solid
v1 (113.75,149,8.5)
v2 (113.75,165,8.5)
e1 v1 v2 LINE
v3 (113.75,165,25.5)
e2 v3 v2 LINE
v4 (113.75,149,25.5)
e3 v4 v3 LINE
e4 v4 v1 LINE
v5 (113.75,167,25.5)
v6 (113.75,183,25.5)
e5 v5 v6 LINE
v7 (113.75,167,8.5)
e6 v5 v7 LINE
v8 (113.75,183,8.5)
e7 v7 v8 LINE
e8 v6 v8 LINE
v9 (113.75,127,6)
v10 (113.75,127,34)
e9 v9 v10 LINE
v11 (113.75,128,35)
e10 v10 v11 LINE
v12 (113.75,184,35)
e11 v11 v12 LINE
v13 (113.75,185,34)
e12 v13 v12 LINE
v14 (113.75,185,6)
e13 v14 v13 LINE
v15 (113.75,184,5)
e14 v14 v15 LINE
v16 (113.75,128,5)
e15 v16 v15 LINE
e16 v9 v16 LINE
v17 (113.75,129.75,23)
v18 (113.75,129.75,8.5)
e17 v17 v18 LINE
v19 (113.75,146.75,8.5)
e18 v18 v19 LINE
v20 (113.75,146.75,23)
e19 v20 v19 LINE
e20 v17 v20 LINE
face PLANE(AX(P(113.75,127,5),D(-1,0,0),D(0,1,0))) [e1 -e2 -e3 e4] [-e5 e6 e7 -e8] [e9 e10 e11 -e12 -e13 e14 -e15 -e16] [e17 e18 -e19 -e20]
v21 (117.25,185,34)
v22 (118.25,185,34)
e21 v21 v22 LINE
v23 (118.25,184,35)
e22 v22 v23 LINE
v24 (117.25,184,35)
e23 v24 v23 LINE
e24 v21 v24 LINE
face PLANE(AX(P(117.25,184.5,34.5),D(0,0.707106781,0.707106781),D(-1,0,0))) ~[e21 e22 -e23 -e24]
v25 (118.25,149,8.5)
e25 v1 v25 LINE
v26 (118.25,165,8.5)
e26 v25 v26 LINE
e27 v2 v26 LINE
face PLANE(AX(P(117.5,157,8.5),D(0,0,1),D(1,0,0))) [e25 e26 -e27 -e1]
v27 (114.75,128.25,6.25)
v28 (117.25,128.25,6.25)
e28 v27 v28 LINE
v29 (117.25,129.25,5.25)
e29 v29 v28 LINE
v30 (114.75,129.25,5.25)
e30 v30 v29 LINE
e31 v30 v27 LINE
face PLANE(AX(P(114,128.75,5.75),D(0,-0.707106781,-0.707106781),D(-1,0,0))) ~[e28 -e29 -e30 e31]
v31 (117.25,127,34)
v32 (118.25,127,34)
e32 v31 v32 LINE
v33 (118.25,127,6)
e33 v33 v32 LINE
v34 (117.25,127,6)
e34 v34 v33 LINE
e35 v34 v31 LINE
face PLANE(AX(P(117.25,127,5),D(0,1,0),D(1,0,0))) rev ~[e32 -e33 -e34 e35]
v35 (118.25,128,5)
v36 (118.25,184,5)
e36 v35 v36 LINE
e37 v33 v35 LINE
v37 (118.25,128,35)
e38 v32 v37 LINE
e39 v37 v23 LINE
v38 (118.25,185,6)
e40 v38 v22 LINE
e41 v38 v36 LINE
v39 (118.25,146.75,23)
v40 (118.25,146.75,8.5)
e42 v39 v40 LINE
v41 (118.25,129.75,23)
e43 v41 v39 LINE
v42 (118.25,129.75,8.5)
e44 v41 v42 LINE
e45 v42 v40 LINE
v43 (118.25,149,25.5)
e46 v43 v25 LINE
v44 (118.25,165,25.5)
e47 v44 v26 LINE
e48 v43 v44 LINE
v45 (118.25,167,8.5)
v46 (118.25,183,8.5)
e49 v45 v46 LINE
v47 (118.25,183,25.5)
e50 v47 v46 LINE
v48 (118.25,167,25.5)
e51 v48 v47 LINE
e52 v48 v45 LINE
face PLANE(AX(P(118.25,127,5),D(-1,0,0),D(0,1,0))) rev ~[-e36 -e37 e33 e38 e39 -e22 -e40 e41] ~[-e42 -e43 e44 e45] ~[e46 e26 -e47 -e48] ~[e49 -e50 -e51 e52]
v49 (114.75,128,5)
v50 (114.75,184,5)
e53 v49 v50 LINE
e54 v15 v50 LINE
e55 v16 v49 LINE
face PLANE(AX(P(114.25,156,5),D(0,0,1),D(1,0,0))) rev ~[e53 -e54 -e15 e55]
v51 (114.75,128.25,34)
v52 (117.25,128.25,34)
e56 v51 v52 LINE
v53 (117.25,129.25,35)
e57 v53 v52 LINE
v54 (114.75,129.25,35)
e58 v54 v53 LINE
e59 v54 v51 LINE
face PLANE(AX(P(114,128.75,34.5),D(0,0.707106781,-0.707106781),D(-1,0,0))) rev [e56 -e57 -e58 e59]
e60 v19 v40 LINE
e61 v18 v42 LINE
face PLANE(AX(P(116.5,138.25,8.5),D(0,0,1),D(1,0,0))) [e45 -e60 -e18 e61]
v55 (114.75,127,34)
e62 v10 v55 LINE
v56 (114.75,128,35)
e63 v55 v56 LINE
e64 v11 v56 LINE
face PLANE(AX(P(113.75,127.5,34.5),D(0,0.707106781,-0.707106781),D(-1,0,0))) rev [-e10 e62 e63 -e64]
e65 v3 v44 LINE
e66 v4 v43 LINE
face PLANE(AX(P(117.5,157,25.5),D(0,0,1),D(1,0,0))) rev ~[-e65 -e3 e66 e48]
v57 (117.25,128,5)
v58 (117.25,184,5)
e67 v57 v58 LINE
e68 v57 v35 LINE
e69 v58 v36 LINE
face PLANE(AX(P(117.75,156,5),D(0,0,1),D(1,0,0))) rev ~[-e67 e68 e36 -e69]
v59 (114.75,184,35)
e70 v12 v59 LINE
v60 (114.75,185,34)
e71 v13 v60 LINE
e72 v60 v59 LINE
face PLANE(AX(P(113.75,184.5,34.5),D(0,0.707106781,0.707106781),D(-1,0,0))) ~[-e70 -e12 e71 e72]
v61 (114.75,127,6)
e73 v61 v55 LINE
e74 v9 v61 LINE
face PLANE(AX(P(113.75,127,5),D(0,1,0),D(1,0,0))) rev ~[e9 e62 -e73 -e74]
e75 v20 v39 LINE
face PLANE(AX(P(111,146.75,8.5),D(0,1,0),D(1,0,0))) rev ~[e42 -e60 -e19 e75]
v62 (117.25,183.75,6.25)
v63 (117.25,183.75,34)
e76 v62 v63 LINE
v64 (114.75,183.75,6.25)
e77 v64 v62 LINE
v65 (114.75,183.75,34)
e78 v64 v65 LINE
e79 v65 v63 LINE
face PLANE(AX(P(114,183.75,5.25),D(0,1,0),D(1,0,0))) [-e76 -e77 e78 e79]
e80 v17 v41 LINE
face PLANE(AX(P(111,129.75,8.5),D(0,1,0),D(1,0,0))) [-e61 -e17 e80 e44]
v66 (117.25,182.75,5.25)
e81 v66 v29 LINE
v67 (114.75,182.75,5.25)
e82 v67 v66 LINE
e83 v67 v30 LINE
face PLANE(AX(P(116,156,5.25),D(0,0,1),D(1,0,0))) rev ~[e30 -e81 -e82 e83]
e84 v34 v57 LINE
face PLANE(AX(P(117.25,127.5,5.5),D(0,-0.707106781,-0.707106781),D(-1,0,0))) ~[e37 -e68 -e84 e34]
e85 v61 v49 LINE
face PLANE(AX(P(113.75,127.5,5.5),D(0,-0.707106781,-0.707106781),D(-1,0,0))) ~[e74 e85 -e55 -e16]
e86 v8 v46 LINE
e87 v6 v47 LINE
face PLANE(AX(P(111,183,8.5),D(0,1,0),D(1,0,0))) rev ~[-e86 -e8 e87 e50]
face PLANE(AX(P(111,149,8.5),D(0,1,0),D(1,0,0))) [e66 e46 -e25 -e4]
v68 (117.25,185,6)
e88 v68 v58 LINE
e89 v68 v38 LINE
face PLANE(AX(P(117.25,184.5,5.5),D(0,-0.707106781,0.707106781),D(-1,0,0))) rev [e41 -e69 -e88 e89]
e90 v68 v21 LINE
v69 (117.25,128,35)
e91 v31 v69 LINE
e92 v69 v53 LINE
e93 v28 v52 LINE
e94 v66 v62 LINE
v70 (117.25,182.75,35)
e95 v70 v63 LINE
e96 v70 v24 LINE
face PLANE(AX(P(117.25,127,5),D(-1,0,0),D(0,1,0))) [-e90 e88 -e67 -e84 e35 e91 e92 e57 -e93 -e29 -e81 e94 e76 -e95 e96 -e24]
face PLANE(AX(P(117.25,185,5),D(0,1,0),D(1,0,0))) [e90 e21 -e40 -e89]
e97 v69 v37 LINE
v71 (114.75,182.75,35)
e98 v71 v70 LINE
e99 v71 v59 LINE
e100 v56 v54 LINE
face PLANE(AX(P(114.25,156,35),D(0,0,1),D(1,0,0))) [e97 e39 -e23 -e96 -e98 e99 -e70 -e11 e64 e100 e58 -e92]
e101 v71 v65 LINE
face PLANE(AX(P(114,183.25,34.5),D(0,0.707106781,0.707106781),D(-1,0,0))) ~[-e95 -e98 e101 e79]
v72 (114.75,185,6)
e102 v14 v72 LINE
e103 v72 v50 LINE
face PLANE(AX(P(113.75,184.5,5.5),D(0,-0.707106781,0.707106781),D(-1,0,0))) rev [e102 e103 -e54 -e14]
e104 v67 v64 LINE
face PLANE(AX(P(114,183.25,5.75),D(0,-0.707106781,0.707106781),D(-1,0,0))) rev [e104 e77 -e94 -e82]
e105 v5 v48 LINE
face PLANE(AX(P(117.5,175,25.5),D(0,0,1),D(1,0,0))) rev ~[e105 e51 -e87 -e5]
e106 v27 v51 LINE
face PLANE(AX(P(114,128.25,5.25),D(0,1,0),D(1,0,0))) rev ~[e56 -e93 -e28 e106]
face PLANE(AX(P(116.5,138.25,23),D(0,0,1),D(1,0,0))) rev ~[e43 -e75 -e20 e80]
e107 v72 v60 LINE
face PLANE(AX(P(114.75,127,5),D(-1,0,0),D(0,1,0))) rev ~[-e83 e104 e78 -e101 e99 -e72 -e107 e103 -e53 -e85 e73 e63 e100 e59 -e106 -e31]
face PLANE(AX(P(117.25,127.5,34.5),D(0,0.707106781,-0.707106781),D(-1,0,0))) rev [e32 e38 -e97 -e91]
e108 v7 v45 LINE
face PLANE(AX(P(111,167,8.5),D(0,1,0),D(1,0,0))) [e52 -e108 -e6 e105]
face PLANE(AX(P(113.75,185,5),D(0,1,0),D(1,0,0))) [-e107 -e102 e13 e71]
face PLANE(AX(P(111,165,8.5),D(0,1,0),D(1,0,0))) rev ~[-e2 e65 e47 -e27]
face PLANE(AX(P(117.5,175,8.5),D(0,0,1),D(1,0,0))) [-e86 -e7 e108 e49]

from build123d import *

# Parameters (mm, degrees)
BOX032_W        = 13
BOX032_H        = 16
BOX032_DEPTH    = 17
BOX030_W        = 11
BOX030_H        = 17
BOX030_DEPTH    = 14.5
BOX033_W        = 13
BOX033_H        = 16
BOX033_DEPTH    = 17
BOX028_W        = 1
BOX028_H        = 58
BOX028_DEPTH    = 30
CHAMFER010_SIZE = 1
BOX029_W        = 1
BOX029_H        = 58
BOX029_DEPTH    = 30
CHAMFER011_SIZE = 1
BOX027_W        = 4
BOX027_H        = 55.5
BOX027_DEPTH    = 29.75
CHAMFER012_SIZE = 1


with BuildPart() as usb2:
    # Box032 → Box032 (new body)
    with BuildSketch(Plane(origin=(111, 167, 9), x_dir=(1, 0, 0), z_dir=(0, 0, 1))):
        with Locations((6.5, 8)):
            Rectangle(BOX032_W, BOX032_H)
    extrude(amount=BOX032_DEPTH)


with BuildPart() as lan:
    # Box030 → Box030 (new body)
    with BuildSketch(Plane(origin=(111, 129.75, 9), x_dir=(1, 0, 0), z_dir=(0, 0, 1))):
        with Locations((5.5, 8.5)):
            Rectangle(BOX030_W, BOX030_H)
    extrude(amount=BOX030_DEPTH)


with BuildPart() as fusion010004007026009007004010022:
    # Box033 → Box033 (new body)
    with BuildSketch(Plane(origin=(111, 149, 9), x_dir=(1, 0, 0), z_dir=(0, 0, 1))):
        with Locations((6.5, 8)):
            Rectangle(BOX033_W, BOX033_H)
    extrude(amount=BOX033_DEPTH)

    # Fusion010004007026009007004010022: union usb2, lan
    add(usb2.part)
    add(lan.part)


with BuildPart() as fusion010004007026009007004010022_1:
    # Fusion010004007026009007004010022 placement: moved
    add(fusion010004007026009007004010022.part.moved(Location((0, 0, -0.5))))


with BuildPart() as chamfer010:
    # Box028 → Box028 (new body)
    with BuildSketch(Plane(origin=(117.25, 127, 5), x_dir=(1, 0, 0), z_dir=(0, 0, 1))):
        with Locations((0.5, 29)):
            Rectangle(BOX028_W, BOX028_H)
    extrude(amount=BOX028_DEPTH)

    # Chamfer010
    chamfer010_edges = [chamfer010.edges().sort_by_distance(p)[0] for p in [
        (117.75, 127, 5),
        (117.75, 127, 35),
        (117.75, 185, 5),
        (117.75, 185, 35),
    ]]
    chamfer(chamfer010_edges, length=CHAMFER010_SIZE)


with BuildPart() as chamfer011:
    # Box029 → Box029 (new body)
    with BuildSketch(Plane(origin=(113.75, 127, 5), x_dir=(1, 0, 0), z_dir=(0, 0, 1))):
        with Locations((0.5, 29)):
            Rectangle(BOX029_W, BOX029_H)
    extrude(amount=BOX029_DEPTH)

    # Chamfer011
    chamfer011_edges = [chamfer011.edges().sort_by_distance(p)[0] for p in [
        (114.25, 127, 5),
        (114.25, 127, 35),
        (114.25, 185, 5),
        (114.25, 185, 35),
    ]]
    chamfer(chamfer011_edges, length=CHAMFER011_SIZE)


with BuildPart() as cut003002006013012002:
    # Box027 → Box027 (new body)
    with BuildSketch(Plane(origin=(114, 128.25, 5.25), x_dir=(1, 0, 0), z_dir=(0, 0, 1))):
        with Locations((2, 27.75)):
            Rectangle(BOX027_W, BOX027_H)
    extrude(amount=BOX027_DEPTH)

    # Chamfer012
    chamfer012_edges = [cut003002006013012002.edges().sort_by_distance(p)[0] for p in [
        (116, 128.25, 5.25),
        (116, 128.25, 35),
        (116, 183.75, 5.25),
        (116, 183.75, 35),
    ]]
    chamfer(chamfer012_edges, length=CHAMFER012_SIZE)

    # Fusion010004007026009007004010021: union Chamfer010, Chamfer011
    add(chamfer010.part)
    add(chamfer011.part)

    # Cut003002006013012002: cut Fusion010004007026009007004010022
    add(fusion010004007026009007004010022_1.part, mode=Mode.SUBTRACT)


solid = cut003002006013012002.part
